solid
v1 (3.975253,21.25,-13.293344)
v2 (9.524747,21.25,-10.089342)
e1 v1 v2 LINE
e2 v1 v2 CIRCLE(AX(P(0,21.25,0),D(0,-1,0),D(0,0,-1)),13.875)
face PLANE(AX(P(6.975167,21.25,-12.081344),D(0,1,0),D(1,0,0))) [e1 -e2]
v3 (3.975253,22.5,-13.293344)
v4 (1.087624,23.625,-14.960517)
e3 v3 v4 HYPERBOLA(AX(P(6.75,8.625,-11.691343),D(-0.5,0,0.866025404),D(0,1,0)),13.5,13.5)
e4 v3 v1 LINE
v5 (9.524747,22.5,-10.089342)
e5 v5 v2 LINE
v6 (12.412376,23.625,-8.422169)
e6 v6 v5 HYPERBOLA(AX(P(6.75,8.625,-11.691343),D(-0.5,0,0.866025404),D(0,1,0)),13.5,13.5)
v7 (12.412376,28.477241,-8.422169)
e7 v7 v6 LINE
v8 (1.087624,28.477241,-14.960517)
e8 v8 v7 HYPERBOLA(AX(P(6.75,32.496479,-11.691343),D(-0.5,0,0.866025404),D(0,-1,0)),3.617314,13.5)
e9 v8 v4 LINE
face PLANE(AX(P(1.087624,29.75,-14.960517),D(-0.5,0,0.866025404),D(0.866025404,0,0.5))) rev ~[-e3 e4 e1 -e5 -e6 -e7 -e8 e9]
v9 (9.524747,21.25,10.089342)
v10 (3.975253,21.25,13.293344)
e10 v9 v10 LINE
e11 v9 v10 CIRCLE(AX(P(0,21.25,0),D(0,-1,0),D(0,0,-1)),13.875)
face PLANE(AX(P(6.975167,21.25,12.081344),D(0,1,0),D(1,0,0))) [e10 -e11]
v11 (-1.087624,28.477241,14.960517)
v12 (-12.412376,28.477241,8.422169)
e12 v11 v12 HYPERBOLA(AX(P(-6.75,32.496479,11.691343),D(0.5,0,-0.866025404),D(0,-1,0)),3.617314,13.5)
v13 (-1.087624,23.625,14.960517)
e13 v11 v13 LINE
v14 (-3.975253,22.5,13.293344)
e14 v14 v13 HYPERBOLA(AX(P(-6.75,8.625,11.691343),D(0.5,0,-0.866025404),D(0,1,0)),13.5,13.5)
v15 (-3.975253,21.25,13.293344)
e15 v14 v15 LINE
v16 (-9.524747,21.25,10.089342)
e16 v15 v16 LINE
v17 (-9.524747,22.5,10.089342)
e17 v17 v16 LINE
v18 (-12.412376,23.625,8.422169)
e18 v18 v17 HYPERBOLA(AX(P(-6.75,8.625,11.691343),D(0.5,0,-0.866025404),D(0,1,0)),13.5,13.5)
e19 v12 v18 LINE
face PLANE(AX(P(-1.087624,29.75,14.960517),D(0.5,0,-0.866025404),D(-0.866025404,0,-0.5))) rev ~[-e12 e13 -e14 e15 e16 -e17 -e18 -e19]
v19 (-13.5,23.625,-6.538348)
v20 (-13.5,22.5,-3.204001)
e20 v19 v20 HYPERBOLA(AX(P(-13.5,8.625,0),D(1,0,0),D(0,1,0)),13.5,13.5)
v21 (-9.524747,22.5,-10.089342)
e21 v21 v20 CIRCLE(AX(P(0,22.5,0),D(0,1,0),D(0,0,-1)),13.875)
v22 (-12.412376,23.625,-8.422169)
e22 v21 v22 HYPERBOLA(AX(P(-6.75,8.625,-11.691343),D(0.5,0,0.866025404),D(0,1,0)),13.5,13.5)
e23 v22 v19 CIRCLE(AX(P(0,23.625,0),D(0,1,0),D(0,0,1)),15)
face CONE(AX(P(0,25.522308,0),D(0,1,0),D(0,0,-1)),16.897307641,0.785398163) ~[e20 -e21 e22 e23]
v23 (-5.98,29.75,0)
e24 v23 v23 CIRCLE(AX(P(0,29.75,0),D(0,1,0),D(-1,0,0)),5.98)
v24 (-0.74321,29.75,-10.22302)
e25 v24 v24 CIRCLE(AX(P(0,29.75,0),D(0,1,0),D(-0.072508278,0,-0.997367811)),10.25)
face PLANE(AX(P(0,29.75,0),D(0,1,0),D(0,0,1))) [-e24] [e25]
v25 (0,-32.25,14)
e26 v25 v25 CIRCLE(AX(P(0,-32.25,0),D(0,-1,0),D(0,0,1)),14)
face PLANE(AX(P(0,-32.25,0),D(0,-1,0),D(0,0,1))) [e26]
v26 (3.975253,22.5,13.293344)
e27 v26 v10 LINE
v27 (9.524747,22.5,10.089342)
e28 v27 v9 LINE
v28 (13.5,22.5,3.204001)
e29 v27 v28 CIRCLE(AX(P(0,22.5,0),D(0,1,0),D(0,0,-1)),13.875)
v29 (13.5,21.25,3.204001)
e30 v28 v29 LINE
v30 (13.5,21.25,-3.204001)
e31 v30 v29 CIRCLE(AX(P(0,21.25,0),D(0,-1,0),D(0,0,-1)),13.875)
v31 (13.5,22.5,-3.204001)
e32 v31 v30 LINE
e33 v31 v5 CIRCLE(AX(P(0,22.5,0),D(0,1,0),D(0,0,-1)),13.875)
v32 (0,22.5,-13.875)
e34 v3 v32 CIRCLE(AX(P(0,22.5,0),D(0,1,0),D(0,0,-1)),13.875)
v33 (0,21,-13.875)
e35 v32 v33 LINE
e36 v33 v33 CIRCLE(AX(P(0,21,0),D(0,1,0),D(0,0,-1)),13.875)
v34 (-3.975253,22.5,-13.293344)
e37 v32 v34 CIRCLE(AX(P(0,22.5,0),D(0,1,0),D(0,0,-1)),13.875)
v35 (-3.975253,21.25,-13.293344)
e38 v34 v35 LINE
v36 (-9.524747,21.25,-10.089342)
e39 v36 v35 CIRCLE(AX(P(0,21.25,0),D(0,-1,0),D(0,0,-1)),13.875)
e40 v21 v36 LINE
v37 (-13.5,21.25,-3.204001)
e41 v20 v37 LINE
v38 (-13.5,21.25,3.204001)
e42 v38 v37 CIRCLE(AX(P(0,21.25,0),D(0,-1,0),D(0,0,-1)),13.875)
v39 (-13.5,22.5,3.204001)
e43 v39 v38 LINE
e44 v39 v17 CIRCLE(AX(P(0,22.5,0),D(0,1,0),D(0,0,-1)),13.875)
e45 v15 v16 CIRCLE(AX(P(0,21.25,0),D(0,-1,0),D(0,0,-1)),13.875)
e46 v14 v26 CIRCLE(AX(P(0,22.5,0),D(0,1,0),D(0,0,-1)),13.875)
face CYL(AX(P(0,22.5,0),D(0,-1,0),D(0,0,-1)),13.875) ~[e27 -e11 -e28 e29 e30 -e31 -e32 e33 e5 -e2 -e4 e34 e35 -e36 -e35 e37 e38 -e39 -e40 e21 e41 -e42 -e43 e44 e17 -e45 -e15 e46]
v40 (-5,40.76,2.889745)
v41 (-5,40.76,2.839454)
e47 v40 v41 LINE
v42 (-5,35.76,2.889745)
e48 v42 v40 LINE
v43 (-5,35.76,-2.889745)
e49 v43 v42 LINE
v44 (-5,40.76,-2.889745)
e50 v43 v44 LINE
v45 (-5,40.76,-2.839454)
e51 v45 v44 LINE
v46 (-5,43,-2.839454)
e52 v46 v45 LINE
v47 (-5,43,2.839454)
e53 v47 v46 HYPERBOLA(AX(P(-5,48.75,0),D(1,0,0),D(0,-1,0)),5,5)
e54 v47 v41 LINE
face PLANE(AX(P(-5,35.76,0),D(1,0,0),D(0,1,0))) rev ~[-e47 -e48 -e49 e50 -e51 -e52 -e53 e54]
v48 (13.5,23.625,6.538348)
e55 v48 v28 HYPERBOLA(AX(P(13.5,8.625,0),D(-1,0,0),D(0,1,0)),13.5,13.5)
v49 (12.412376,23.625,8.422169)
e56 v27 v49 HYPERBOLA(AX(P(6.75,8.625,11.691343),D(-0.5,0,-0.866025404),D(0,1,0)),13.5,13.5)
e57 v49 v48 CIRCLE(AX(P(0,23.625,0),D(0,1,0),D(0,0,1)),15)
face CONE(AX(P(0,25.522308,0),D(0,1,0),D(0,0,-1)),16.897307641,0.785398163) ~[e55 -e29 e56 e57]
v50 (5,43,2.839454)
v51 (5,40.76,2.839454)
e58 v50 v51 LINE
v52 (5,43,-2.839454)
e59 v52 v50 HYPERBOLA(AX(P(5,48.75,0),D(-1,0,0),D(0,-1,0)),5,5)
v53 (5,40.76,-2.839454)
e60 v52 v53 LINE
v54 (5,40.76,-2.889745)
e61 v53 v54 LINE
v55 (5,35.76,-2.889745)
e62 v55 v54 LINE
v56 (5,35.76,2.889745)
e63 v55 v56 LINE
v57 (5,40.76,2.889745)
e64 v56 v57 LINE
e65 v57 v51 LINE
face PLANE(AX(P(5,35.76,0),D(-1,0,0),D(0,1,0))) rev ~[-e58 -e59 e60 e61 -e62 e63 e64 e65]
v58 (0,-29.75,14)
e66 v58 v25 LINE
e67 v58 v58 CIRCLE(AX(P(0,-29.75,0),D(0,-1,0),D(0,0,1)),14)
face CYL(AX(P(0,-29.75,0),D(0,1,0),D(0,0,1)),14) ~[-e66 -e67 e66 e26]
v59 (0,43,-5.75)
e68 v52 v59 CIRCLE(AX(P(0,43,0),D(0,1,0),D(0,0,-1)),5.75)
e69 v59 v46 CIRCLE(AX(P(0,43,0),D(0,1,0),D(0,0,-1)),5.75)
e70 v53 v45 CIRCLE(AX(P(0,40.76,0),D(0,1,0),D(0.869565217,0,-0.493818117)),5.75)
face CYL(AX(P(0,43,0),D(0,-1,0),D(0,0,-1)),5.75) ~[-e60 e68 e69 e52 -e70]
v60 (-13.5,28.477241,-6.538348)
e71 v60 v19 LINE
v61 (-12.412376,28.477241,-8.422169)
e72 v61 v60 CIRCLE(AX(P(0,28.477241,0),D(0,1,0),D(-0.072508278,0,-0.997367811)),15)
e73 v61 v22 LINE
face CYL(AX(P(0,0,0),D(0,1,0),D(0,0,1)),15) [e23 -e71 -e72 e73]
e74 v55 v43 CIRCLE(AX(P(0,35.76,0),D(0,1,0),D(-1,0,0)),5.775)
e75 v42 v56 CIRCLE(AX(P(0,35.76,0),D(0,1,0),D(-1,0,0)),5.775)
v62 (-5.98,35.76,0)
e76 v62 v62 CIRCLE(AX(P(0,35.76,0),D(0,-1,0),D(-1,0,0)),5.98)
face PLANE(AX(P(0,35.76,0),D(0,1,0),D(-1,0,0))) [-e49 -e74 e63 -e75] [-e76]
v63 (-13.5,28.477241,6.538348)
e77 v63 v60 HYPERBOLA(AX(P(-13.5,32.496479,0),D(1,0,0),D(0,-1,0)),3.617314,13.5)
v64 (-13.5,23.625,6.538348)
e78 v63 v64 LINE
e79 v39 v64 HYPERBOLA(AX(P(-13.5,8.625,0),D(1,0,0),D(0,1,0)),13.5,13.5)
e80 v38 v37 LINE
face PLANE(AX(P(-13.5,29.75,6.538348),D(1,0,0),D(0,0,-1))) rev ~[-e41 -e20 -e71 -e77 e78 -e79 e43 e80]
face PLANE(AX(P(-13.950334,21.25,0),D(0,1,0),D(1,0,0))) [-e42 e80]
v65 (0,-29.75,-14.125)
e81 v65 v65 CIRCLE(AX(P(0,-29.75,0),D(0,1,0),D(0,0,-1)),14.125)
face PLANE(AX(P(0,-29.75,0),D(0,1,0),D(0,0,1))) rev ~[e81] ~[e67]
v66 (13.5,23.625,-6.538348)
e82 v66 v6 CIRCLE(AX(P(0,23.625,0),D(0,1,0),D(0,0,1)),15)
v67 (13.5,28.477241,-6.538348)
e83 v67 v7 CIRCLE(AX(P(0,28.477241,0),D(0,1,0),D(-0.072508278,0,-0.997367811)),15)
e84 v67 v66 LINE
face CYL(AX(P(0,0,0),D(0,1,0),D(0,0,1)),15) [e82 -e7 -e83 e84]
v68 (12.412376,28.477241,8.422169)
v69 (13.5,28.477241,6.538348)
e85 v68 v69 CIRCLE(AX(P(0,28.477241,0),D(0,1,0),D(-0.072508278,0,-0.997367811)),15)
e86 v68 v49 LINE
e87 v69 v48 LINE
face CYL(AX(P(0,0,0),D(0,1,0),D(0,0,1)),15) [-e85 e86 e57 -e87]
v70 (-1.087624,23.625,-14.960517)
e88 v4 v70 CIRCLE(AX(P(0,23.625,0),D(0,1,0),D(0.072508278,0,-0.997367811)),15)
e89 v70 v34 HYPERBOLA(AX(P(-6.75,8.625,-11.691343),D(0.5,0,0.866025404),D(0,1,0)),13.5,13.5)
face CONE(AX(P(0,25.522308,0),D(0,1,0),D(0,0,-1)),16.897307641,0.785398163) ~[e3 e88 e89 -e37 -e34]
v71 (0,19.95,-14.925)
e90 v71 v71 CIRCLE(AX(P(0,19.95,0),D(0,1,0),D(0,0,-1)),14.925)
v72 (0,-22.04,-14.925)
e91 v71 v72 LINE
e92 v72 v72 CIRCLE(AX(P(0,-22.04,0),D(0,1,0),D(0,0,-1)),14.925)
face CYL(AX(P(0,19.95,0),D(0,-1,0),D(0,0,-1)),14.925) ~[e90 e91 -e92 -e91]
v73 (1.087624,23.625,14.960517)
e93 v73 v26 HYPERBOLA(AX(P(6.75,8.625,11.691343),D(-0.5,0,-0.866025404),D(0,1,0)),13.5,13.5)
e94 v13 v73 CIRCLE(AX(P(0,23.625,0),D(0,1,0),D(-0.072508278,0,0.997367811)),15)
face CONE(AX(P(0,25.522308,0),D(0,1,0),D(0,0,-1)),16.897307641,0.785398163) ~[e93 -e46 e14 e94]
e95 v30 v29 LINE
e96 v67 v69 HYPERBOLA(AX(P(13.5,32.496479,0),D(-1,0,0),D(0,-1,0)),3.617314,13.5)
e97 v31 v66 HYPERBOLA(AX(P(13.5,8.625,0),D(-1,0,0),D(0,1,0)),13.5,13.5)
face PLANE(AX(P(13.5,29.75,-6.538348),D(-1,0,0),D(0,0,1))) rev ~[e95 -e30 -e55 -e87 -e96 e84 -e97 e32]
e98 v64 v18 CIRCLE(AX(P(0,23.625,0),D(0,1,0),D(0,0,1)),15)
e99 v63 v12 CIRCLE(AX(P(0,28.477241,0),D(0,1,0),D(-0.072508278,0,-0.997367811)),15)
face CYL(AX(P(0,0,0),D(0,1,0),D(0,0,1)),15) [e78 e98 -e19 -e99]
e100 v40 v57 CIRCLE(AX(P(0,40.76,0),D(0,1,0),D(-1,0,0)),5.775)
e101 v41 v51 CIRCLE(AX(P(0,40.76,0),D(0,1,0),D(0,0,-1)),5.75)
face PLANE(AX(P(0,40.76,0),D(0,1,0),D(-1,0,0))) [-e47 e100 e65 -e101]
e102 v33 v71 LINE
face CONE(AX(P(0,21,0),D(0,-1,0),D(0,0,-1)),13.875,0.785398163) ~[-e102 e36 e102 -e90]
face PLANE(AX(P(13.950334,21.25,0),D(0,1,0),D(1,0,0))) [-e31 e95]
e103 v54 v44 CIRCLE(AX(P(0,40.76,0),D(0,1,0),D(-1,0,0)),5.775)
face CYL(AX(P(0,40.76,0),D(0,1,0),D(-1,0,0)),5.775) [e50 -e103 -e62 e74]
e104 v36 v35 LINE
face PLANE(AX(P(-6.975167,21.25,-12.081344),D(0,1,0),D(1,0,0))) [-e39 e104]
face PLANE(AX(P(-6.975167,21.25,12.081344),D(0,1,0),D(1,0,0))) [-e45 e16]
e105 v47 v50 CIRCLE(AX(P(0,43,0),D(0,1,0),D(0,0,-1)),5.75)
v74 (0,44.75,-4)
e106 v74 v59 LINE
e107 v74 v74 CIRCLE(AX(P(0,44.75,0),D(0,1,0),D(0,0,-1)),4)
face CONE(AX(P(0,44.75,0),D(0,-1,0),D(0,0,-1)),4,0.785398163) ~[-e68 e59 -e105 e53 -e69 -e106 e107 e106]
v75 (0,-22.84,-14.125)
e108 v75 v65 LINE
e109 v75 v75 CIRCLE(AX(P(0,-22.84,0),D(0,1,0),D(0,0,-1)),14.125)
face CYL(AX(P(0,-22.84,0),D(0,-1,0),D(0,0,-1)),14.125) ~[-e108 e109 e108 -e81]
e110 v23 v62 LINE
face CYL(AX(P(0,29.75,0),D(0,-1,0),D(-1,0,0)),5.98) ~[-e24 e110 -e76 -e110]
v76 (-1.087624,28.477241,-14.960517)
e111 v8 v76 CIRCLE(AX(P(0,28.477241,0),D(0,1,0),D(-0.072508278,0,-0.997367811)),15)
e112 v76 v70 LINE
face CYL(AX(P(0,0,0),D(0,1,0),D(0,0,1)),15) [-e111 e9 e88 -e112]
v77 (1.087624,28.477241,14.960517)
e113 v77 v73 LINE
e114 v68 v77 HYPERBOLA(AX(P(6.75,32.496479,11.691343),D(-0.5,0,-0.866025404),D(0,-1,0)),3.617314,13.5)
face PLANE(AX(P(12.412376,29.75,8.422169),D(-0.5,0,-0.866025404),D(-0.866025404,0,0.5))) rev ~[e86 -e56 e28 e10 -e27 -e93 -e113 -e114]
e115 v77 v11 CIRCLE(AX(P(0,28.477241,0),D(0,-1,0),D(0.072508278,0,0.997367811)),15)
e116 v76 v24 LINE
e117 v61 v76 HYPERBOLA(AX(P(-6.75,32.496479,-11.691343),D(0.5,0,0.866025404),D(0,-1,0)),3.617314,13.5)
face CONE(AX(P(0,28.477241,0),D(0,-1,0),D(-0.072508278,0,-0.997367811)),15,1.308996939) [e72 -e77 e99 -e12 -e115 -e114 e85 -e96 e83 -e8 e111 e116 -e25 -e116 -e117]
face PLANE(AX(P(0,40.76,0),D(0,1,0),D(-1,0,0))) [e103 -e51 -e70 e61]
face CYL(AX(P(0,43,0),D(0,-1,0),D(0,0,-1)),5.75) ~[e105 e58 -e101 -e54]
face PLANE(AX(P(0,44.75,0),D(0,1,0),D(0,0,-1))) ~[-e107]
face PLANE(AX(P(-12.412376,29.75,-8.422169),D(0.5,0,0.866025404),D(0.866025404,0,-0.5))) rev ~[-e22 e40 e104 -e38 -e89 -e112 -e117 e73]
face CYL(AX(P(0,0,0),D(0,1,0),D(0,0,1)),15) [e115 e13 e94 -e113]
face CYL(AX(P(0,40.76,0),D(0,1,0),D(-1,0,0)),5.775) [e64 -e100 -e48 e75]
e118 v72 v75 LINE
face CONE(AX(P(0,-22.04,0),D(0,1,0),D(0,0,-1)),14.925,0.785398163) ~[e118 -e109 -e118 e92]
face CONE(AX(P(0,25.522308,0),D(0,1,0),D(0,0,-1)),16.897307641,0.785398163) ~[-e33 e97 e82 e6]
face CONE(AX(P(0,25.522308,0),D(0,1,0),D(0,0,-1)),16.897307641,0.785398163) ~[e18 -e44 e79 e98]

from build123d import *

# Parameters (mm, degrees)
SKETCH1_R          = 15
STOCK_DEPTH        = 29.75
HEX_HEAD_DEPTH     = 8.5
SKETCH5_R          = 14
RETAINER_DEPTH     = 2.5
SKETCH9_W          = 1.368260999
SKETCH9_H          = 3.99
SKETCH9_W_2        = 1.545391276
CUT_EXTRUDE3_DEPTH = 13.475
SKETCH10_R         = 5.98
EXTRUDE4_DEPTH     = 11.01
SKETCH11_R         = 5.98
SKETCH11_R_2       = 5.775
CUT_EXTRUDE4_DEPTH = 5
SKETCH13_W         = 0.98
SKETCH13_H         = 5
CUT_EXTRUDE5_DEPTH = 15


with BuildPart() as part:
    # Sketch1 → STOCK (new body, symmetric)
    with BuildSketch(Plane(origin=(0, 0, 0), x_dir=(1, 0, 0), z_dir=(0, 1, 0))):
        with Locations(Location((0, 0, 0), (0, 0, 270))):  # turned: the seam where the file's is
            Circle(SKETCH1_R)
    extrude(amount=STOCK_DEPTH, both=True)

    # Sketch2 → HEX_HEAD (cut)
    with BuildSketch(Plane(origin=(0, 29.75, 0), x_dir=(1, 0, 0), z_dir=(0, 1, 0))):
        with BuildLine():
            ThreePointArc((12.412375826, 8.422168743), (7.5, 12.990381057), (1.087624174, 14.960517159))
            Line((1.087624174, 14.960517159), (12.412375826, 8.422168743))
        make_face()
        with BuildLine():
            Line((-12.412375826, 8.422168743), (-1.087624174, 14.960517159))
            ThreePointArc((-1.087624174, 14.960517159), (-7.5, 12.990381057), (-12.412375826, 8.422168743))
        make_face()
        with BuildLine():
            Line((13.5, 6.538348415), (13.5, -6.538348415))
            ThreePointArc((13.5, -6.538348415), (15, 0), (13.5, 6.538348415))
        make_face()
        with BuildLine():
            Line((-13.5, -6.538348415), (-13.5, 6.538348415))
            ThreePointArc((-13.5, 6.538348415), (-15, 0), (-13.5, -6.538348415))
        make_face()
        with BuildLine():
            Line((12.412375826, -8.422168743), (1.087624174, -14.960517159))
            ThreePointArc((1.087624174, -14.960517159), (7.5, -12.990381057), (12.412375826, -8.422168743))
        make_face()
        with BuildLine():
            Line((-1.087624174, -14.960517159), (-12.412375826, -8.422168743))
            ThreePointArc((-12.412375826, -8.422168743), (-7.5, -12.990381057), (-1.087624174, -14.960517159))
        make_face()
    extrude(amount=-HEX_HEAD_DEPTH, mode=Mode.SUBTRACT)

    # Sketch3 → CROWN (revolve, cut)
    with BuildSketch(Plane.XY, mode=Mode.PRIVATE) as crown_sk:
        Polygon((10.25, 29.75), (15, 29.75), (15, 28.477241336), align=None)
    revolve(crown_sk.sketch.rotate(Axis((0, 0, 0), (0, 1, 0)), 94.158067237), axis=Axis((0, 0, 0), (0, 1, 0)), mode=Mode.SUBTRACT)  # turned: the seam where the file's is

    # Sketch4 → Cut-Revolve1 (revolve, cut)
    with BuildSketch(Plane.XY, mode=Mode.PRIVATE) as cut_revolve1_sk:
        Polygon((14.125, -29.75), (16.897307641, -29.75), (16.897307641, 25.522307641), (13.875, 22.5), (13.875, 21), (14.925, 19.95), (14.925, -22.04), (14.125, -22.84), align=None)
    revolve(cut_revolve1_sk.sketch.rotate(Axis((0, -34.538461529, 0), (0, 1, 0)), 90), axis=Axis((0, -34.538461529, 0), (0, 1, 0)), mode=Mode.SUBTRACT)  # turned: the seam where the file's is

    # Sketch5 → RETAINER (add)
    with BuildSketch(Plane.XZ.offset(29.75)):
        with Locations(Location((0, 0, 0), (0, 0, 90))):  # turned: the seam where the file's is
            Circle(SKETCH5_R)
    extrude(amount=RETAINER_DEPTH)



with BuildPart() as body_2:
    # Sketch8 → Revolve1 (revolve)
    with BuildSketch(Plane.XY, mode=Mode.PRIVATE) as revolve1_sk:
        Polygon((0, 44.75), (4, 44.75), (5.75, 43), (5.75, 40.76), (0, 40.76), align=None)
    revolve(revolve1_sk.sketch.rotate(Axis((0, 0, 0), (0, 1, 0)), 90), axis=Axis((0, 0, 0), (0, 1, 0)))  # turned: the seam where the file's is

    # Sketch9 → Cut-Extrude3 (cut, symmetric)
    with BuildSketch(Plane.XY):
        with Locations((5.6841305, 42.755)):
            Rectangle(SKETCH9_W, SKETCH9_H)
        with Locations((-5.772695638, 42.755)):
            Rectangle(SKETCH9_W_2, SKETCH9_H)
    extrude(amount=CUT_EXTRUDE3_DEPTH, both=True, mode=Mode.SUBTRACT)


with BuildPart() as part_1:
    add(part.part)

    add(body_2.part)  # Extrude4 merges body 2
    # Sketch10 → Extrude4 (add)
    with BuildSketch(Plane(origin=(0, 29.75, 0), x_dir=(1, 0, 0), z_dir=(0, 1, 0))):
        with Locations(Location((0, 0, 0), (0, 0, 180))):  # turned: the seam where the file's is
            Circle(SKETCH10_R)
    extrude(amount=EXTRUDE4_DEPTH)

    # Sketch11 → Cut-Extrude4 (cut)
    with BuildSketch(Plane(origin=(0, 40.76, 0), x_dir=(1, 0, 0), z_dir=(0, 1, 0))):
        with Locations(Location((0, 0, 0), (0, 0, 180))):  # turned: the seam where the file's is
            Circle(SKETCH11_R)
        with Locations(Location((0, 0, 0), (0, 0, 180))):  # turned: the seam where the file's is
            Circle(SKETCH11_R_2, mode=Mode.SUBTRACT)
    extrude(amount=-CUT_EXTRUDE4_DEPTH, mode=Mode.SUBTRACT)

    # Sketch13 → Cut-Extrude5 (cut, symmetric)
    with BuildSketch(Plane.XY):
        with Locations((5.49, 38.26)):
            Rectangle(SKETCH13_W, SKETCH13_H)
        with Locations((-5.49, 38.26)):
            Rectangle(SKETCH13_W, SKETCH13_H)
    extrude(amount=CUT_EXTRUDE5_DEPTH, both=True, mode=Mode.SUBTRACT)


solid = part_1.part
